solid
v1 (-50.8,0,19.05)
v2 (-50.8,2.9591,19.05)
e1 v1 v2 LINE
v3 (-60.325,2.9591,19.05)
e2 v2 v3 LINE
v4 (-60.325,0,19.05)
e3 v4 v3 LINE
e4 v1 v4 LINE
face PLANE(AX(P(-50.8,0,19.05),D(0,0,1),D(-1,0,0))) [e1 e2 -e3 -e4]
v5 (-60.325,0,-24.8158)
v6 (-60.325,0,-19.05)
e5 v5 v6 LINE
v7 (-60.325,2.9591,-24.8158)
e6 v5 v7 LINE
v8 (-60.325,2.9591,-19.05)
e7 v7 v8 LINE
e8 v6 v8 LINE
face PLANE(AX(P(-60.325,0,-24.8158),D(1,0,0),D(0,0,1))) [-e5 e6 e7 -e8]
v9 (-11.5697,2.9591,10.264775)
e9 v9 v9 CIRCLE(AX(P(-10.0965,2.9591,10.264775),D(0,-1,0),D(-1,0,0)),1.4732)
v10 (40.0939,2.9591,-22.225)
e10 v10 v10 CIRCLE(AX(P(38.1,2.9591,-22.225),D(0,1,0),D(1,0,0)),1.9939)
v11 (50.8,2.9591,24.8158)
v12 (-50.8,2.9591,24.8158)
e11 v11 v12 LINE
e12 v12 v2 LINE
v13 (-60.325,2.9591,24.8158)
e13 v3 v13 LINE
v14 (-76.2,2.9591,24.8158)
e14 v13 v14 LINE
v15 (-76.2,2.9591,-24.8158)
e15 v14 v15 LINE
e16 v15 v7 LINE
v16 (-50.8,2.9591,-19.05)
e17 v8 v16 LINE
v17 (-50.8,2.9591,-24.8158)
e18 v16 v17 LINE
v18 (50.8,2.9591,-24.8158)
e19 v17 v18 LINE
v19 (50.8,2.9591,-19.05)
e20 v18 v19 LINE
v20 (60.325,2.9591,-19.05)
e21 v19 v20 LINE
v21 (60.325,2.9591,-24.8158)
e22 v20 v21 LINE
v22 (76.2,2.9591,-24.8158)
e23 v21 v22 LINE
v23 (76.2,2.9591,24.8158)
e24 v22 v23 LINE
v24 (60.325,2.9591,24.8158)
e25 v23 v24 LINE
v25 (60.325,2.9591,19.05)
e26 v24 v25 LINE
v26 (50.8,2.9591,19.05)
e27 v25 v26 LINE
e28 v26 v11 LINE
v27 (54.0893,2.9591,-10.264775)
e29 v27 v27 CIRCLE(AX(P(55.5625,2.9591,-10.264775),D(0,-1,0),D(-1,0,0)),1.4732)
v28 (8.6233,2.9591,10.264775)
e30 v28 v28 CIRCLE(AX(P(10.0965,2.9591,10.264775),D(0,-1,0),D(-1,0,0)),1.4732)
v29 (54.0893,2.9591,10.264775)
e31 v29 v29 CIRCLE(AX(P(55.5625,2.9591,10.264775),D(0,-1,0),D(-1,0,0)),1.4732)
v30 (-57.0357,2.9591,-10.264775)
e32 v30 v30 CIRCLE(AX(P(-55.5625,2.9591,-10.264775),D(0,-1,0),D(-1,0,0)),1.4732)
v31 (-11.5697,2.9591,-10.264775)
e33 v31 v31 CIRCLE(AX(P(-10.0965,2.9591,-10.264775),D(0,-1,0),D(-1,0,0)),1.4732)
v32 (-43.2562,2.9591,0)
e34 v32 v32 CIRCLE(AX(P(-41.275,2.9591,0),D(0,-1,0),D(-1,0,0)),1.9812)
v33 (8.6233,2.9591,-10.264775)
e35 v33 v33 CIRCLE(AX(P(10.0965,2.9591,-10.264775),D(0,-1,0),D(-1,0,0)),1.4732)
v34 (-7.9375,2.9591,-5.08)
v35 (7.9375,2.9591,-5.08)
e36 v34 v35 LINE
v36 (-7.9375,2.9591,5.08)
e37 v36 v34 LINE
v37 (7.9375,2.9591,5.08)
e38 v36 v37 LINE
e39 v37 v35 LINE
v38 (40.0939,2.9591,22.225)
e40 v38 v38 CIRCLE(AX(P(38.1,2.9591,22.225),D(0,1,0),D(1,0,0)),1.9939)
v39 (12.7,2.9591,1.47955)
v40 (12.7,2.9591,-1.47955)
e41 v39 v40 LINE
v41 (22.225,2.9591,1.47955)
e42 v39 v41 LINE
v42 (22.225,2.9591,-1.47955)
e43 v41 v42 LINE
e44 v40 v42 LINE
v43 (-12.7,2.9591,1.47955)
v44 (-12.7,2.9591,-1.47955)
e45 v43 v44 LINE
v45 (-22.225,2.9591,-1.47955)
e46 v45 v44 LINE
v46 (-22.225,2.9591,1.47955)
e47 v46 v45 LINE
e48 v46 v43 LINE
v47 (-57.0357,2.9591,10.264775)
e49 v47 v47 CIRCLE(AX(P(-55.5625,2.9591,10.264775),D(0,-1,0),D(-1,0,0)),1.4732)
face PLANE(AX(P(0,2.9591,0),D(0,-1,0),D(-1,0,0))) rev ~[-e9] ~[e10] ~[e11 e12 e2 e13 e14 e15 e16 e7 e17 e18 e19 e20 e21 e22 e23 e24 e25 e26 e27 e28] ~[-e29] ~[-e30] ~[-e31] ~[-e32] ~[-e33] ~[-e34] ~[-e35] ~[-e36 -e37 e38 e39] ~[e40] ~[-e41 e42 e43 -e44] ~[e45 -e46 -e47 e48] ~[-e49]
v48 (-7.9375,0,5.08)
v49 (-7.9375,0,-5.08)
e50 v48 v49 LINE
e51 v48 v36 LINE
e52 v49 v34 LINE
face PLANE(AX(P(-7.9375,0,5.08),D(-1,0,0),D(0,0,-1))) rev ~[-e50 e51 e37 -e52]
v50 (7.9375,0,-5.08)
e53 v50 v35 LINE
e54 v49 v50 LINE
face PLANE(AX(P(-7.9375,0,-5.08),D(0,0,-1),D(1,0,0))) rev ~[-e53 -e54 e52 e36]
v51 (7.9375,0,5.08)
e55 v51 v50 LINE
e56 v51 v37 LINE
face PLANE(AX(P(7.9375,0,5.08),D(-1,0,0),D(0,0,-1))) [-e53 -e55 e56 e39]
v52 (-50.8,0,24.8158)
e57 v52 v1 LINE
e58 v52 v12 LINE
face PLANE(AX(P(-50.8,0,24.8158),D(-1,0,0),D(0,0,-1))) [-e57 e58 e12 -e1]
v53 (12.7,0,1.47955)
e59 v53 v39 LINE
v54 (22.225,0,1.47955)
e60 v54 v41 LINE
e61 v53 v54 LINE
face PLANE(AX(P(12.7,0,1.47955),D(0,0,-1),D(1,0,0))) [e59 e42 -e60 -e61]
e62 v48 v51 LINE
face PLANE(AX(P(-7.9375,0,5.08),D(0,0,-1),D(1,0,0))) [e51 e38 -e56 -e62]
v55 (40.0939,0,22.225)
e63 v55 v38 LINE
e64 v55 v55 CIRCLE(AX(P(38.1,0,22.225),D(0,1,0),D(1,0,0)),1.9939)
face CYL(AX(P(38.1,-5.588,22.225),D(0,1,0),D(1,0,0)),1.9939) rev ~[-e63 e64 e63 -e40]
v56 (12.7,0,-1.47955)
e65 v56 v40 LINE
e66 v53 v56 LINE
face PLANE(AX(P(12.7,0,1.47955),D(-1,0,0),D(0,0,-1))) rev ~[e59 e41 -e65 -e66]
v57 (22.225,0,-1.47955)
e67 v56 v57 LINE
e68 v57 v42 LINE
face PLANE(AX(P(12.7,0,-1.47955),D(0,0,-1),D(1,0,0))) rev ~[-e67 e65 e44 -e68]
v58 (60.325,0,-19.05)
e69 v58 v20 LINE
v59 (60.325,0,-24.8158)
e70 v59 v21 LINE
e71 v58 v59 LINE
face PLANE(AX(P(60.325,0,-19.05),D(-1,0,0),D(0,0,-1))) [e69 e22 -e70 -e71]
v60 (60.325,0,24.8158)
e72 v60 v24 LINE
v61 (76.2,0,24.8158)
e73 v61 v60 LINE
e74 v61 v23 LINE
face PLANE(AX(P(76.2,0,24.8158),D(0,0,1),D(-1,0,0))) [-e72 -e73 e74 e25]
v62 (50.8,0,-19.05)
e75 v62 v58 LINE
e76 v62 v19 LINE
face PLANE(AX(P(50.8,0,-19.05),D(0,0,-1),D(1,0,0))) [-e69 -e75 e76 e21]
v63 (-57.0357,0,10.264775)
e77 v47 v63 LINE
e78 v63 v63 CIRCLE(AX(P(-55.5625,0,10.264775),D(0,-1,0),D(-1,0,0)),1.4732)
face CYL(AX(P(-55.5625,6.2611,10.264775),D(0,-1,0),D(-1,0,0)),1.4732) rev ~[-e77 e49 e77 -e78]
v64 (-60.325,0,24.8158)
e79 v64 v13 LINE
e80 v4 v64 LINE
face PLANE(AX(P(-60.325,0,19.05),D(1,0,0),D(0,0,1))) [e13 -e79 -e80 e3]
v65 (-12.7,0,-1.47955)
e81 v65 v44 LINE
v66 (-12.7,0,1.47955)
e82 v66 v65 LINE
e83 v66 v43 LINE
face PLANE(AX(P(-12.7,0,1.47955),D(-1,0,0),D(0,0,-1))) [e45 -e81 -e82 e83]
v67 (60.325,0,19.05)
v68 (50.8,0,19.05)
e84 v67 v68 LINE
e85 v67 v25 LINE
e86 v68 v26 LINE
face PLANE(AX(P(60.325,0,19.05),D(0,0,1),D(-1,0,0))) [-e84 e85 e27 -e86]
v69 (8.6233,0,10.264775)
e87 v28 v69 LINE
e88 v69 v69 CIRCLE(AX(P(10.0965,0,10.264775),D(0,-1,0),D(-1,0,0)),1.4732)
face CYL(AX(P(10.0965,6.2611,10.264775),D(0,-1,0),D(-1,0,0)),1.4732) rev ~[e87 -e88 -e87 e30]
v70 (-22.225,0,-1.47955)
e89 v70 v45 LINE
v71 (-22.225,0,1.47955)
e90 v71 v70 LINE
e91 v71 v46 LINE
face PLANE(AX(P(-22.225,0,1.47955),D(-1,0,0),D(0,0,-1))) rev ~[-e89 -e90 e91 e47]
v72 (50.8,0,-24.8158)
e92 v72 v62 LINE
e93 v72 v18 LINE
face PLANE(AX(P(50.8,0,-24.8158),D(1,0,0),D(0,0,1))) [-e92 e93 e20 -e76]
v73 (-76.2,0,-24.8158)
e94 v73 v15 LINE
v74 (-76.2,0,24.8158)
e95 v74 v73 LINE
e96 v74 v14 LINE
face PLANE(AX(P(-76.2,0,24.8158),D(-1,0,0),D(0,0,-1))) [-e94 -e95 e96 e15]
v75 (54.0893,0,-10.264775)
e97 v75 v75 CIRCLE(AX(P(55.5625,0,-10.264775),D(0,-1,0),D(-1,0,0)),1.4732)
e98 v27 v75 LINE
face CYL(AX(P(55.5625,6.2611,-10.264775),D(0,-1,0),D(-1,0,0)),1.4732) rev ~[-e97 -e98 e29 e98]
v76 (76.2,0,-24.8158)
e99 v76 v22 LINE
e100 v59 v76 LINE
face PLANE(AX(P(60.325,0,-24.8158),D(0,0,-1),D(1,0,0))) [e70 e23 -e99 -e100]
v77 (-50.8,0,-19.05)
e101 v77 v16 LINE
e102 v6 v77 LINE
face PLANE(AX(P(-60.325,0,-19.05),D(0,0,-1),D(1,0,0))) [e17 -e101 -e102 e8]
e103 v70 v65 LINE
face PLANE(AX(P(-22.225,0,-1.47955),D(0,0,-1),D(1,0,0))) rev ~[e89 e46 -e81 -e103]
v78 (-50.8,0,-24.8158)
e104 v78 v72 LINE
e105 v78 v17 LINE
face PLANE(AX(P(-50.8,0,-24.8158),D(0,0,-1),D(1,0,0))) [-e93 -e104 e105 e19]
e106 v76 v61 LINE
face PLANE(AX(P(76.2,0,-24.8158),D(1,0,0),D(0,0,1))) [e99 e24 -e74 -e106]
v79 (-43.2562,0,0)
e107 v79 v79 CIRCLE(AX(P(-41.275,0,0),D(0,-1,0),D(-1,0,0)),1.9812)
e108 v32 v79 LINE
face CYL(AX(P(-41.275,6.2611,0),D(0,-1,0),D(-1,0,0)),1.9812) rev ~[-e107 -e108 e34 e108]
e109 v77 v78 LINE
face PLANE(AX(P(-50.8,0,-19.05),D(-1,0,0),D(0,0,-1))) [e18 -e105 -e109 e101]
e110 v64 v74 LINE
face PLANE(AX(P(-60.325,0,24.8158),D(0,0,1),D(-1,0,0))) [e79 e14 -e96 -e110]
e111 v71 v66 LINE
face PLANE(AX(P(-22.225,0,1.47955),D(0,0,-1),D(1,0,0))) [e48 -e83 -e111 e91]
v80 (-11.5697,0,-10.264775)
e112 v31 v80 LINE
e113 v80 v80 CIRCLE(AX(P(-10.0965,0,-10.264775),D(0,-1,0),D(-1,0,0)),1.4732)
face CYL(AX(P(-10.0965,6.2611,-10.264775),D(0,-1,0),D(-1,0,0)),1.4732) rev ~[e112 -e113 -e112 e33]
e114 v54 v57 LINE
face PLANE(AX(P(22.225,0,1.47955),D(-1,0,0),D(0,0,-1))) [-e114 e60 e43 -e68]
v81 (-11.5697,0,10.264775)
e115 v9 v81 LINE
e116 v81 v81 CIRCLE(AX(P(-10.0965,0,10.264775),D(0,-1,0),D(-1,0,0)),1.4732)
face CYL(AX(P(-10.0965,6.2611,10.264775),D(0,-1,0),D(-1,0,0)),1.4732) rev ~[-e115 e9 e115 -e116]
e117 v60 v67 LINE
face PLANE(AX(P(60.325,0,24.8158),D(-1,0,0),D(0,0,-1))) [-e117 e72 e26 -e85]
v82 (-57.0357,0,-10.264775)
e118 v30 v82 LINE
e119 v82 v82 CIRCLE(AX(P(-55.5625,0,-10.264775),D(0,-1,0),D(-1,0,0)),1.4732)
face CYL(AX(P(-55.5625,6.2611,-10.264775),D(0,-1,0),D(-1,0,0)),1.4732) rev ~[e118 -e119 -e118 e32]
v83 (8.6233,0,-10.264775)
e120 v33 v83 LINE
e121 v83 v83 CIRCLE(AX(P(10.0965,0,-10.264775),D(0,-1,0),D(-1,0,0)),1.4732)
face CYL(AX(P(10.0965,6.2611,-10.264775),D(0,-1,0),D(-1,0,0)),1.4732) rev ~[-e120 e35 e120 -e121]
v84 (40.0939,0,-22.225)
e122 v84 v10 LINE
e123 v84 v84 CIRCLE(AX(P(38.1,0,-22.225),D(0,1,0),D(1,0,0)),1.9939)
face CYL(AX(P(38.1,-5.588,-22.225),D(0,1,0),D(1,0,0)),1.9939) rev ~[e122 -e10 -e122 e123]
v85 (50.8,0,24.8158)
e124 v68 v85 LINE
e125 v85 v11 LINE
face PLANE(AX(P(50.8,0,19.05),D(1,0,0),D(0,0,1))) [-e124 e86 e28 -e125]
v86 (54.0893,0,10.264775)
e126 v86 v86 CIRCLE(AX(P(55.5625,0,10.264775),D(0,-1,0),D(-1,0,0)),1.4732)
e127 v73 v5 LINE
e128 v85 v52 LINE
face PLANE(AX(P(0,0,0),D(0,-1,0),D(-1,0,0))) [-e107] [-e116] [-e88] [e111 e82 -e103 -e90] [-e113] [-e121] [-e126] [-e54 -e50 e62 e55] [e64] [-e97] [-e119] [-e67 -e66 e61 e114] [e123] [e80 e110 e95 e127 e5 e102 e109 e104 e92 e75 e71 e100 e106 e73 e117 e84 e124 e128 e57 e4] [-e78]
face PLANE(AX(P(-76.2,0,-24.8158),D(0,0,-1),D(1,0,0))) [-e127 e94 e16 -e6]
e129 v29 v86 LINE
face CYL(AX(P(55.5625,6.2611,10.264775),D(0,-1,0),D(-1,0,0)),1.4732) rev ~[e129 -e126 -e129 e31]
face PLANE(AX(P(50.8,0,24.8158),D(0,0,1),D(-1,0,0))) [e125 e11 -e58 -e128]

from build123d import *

# Parameters (mm, degrees)
SKETCH2_W                       = 9.525
SKETCH2_H                       = 2.9591
SKETCH2_W_2                     = 15.875
SKETCH2_H_2                     = 10.16
BOSS_EXTRUDE1_DEPTH             = 2.9591
F_4_CLEARANCE_HOLE1_D           = 2.9464
F_4_CLEARANCE_HOLE1_DEPTH       = 3.302
F_4_CLEARANCE_HOLE1_TIP         = 0.885187864
F_4_CLEARANCE_HOLE2_D           = 3.9624
F_4_CLEARANCE_HOLE2_DEPTH       = 3.302
F_4_CLEARANCE_HOLE2_TIP         = 1.190425058
TAP_DRILL_FOR_4_HELICOIL1_D     = 3.9878
TAP_DRILL_FOR_4_HELICOIL1_DEPTH = 5.588
TAP_DRILL_FOR_4_HELICOIL1_TIP   = 1.198055988


with BuildPart() as part:
    # Sketch2 → Boss-Extrude1 (new body)
    with BuildSketch(Plane(origin=(0, 0, 0), x_dir=(1, 0, 0), z_dir=(0, 1, 0))):
        Polygon((-76.2, 24.8158), (-60.325, 24.8158), (-60.325, 19.05), (-50.8, 19.05), (-50.8, 24.8158), (50.8, 24.8158), (50.8, 19.05), (60.325, 19.05), (60.325, 24.8158), (76.2, 24.8158), (76.2, -24.8158), (60.325, -24.8158), (60.325, -19.05), (50.8, -19.05), (50.8, -24.8158), (-50.8, -24.8158), (-50.8, -19.05), (-60.325, -19.05), (-60.325, -24.8158), (-76.2, -24.8158), align=None)
        with Locations((-17.4625, 0)):
            Rectangle(SKETCH2_W, SKETCH2_H, mode=Mode.SUBTRACT)
        with Locations((17.4625, 0)):
            Rectangle(SKETCH2_W, SKETCH2_H, mode=Mode.SUBTRACT)
        Rectangle(SKETCH2_W_2, SKETCH2_H_2, mode=Mode.SUBTRACT)
    extrude(amount=BOSS_EXTRUDE1_DEPTH)

    # #4 Clearance Hole1
    with Locations(Plane(origin=(0, 2.9591, 0), x_dir=(1, 0, 0), z_dir=(0, 1, 0))):
        with Locations((0, 0), (10.0965, 10.264775), (-10.0965, -10.264775), (-10.0965, 10.264775), (10.0965, -10.264775), (55.5625, 10.264775), (-55.5625, -10.264775), (55.5625, -10.264775), (-55.5625, 10.264775)):
            Hole(F_4_CLEARANCE_HOLE1_D / 2, depth=F_4_CLEARANCE_HOLE1_DEPTH)
            with Locations((0, 0, -(F_4_CLEARANCE_HOLE1_DEPTH + F_4_CLEARANCE_HOLE1_TIP / 2))):  # 118° drill point
                Cone(0, F_4_CLEARANCE_HOLE1_D / 2, F_4_CLEARANCE_HOLE1_TIP, mode=Mode.SUBTRACT)

    # #4 Clearance Hole2
    with Locations(Plane(origin=(0, 2.9591, 0), x_dir=(1, 0, 0), z_dir=(0, 1, 0))):
        with Locations((-41.275, 0)):
            Hole(F_4_CLEARANCE_HOLE2_D / 2, depth=F_4_CLEARANCE_HOLE2_DEPTH)
            with Locations((0, 0, -(F_4_CLEARANCE_HOLE2_DEPTH + F_4_CLEARANCE_HOLE2_TIP / 2))):  # 118° drill point
                Cone(0, F_4_CLEARANCE_HOLE2_D / 2, F_4_CLEARANCE_HOLE2_TIP, mode=Mode.SUBTRACT)

    # Tap Drill for #4 Helicoil1
    with Locations(Plane(origin=(0, 0, 0), x_dir=(-1, 0, 0), z_dir=(0, -1, 0))):
        with Locations((-38.1, 22.225), (-38.1, -22.225)):
            Hole(TAP_DRILL_FOR_4_HELICOIL1_D / 2, depth=TAP_DRILL_FOR_4_HELICOIL1_DEPTH)
            with Locations((0, 0, -(TAP_DRILL_FOR_4_HELICOIL1_DEPTH + TAP_DRILL_FOR_4_HELICOIL1_TIP / 2))):  # 118° drill point
                Cone(0, TAP_DRILL_FOR_4_HELICOIL1_D / 2, TAP_DRILL_FOR_4_HELICOIL1_TIP, mode=Mode.SUBTRACT)


solid = part.part
